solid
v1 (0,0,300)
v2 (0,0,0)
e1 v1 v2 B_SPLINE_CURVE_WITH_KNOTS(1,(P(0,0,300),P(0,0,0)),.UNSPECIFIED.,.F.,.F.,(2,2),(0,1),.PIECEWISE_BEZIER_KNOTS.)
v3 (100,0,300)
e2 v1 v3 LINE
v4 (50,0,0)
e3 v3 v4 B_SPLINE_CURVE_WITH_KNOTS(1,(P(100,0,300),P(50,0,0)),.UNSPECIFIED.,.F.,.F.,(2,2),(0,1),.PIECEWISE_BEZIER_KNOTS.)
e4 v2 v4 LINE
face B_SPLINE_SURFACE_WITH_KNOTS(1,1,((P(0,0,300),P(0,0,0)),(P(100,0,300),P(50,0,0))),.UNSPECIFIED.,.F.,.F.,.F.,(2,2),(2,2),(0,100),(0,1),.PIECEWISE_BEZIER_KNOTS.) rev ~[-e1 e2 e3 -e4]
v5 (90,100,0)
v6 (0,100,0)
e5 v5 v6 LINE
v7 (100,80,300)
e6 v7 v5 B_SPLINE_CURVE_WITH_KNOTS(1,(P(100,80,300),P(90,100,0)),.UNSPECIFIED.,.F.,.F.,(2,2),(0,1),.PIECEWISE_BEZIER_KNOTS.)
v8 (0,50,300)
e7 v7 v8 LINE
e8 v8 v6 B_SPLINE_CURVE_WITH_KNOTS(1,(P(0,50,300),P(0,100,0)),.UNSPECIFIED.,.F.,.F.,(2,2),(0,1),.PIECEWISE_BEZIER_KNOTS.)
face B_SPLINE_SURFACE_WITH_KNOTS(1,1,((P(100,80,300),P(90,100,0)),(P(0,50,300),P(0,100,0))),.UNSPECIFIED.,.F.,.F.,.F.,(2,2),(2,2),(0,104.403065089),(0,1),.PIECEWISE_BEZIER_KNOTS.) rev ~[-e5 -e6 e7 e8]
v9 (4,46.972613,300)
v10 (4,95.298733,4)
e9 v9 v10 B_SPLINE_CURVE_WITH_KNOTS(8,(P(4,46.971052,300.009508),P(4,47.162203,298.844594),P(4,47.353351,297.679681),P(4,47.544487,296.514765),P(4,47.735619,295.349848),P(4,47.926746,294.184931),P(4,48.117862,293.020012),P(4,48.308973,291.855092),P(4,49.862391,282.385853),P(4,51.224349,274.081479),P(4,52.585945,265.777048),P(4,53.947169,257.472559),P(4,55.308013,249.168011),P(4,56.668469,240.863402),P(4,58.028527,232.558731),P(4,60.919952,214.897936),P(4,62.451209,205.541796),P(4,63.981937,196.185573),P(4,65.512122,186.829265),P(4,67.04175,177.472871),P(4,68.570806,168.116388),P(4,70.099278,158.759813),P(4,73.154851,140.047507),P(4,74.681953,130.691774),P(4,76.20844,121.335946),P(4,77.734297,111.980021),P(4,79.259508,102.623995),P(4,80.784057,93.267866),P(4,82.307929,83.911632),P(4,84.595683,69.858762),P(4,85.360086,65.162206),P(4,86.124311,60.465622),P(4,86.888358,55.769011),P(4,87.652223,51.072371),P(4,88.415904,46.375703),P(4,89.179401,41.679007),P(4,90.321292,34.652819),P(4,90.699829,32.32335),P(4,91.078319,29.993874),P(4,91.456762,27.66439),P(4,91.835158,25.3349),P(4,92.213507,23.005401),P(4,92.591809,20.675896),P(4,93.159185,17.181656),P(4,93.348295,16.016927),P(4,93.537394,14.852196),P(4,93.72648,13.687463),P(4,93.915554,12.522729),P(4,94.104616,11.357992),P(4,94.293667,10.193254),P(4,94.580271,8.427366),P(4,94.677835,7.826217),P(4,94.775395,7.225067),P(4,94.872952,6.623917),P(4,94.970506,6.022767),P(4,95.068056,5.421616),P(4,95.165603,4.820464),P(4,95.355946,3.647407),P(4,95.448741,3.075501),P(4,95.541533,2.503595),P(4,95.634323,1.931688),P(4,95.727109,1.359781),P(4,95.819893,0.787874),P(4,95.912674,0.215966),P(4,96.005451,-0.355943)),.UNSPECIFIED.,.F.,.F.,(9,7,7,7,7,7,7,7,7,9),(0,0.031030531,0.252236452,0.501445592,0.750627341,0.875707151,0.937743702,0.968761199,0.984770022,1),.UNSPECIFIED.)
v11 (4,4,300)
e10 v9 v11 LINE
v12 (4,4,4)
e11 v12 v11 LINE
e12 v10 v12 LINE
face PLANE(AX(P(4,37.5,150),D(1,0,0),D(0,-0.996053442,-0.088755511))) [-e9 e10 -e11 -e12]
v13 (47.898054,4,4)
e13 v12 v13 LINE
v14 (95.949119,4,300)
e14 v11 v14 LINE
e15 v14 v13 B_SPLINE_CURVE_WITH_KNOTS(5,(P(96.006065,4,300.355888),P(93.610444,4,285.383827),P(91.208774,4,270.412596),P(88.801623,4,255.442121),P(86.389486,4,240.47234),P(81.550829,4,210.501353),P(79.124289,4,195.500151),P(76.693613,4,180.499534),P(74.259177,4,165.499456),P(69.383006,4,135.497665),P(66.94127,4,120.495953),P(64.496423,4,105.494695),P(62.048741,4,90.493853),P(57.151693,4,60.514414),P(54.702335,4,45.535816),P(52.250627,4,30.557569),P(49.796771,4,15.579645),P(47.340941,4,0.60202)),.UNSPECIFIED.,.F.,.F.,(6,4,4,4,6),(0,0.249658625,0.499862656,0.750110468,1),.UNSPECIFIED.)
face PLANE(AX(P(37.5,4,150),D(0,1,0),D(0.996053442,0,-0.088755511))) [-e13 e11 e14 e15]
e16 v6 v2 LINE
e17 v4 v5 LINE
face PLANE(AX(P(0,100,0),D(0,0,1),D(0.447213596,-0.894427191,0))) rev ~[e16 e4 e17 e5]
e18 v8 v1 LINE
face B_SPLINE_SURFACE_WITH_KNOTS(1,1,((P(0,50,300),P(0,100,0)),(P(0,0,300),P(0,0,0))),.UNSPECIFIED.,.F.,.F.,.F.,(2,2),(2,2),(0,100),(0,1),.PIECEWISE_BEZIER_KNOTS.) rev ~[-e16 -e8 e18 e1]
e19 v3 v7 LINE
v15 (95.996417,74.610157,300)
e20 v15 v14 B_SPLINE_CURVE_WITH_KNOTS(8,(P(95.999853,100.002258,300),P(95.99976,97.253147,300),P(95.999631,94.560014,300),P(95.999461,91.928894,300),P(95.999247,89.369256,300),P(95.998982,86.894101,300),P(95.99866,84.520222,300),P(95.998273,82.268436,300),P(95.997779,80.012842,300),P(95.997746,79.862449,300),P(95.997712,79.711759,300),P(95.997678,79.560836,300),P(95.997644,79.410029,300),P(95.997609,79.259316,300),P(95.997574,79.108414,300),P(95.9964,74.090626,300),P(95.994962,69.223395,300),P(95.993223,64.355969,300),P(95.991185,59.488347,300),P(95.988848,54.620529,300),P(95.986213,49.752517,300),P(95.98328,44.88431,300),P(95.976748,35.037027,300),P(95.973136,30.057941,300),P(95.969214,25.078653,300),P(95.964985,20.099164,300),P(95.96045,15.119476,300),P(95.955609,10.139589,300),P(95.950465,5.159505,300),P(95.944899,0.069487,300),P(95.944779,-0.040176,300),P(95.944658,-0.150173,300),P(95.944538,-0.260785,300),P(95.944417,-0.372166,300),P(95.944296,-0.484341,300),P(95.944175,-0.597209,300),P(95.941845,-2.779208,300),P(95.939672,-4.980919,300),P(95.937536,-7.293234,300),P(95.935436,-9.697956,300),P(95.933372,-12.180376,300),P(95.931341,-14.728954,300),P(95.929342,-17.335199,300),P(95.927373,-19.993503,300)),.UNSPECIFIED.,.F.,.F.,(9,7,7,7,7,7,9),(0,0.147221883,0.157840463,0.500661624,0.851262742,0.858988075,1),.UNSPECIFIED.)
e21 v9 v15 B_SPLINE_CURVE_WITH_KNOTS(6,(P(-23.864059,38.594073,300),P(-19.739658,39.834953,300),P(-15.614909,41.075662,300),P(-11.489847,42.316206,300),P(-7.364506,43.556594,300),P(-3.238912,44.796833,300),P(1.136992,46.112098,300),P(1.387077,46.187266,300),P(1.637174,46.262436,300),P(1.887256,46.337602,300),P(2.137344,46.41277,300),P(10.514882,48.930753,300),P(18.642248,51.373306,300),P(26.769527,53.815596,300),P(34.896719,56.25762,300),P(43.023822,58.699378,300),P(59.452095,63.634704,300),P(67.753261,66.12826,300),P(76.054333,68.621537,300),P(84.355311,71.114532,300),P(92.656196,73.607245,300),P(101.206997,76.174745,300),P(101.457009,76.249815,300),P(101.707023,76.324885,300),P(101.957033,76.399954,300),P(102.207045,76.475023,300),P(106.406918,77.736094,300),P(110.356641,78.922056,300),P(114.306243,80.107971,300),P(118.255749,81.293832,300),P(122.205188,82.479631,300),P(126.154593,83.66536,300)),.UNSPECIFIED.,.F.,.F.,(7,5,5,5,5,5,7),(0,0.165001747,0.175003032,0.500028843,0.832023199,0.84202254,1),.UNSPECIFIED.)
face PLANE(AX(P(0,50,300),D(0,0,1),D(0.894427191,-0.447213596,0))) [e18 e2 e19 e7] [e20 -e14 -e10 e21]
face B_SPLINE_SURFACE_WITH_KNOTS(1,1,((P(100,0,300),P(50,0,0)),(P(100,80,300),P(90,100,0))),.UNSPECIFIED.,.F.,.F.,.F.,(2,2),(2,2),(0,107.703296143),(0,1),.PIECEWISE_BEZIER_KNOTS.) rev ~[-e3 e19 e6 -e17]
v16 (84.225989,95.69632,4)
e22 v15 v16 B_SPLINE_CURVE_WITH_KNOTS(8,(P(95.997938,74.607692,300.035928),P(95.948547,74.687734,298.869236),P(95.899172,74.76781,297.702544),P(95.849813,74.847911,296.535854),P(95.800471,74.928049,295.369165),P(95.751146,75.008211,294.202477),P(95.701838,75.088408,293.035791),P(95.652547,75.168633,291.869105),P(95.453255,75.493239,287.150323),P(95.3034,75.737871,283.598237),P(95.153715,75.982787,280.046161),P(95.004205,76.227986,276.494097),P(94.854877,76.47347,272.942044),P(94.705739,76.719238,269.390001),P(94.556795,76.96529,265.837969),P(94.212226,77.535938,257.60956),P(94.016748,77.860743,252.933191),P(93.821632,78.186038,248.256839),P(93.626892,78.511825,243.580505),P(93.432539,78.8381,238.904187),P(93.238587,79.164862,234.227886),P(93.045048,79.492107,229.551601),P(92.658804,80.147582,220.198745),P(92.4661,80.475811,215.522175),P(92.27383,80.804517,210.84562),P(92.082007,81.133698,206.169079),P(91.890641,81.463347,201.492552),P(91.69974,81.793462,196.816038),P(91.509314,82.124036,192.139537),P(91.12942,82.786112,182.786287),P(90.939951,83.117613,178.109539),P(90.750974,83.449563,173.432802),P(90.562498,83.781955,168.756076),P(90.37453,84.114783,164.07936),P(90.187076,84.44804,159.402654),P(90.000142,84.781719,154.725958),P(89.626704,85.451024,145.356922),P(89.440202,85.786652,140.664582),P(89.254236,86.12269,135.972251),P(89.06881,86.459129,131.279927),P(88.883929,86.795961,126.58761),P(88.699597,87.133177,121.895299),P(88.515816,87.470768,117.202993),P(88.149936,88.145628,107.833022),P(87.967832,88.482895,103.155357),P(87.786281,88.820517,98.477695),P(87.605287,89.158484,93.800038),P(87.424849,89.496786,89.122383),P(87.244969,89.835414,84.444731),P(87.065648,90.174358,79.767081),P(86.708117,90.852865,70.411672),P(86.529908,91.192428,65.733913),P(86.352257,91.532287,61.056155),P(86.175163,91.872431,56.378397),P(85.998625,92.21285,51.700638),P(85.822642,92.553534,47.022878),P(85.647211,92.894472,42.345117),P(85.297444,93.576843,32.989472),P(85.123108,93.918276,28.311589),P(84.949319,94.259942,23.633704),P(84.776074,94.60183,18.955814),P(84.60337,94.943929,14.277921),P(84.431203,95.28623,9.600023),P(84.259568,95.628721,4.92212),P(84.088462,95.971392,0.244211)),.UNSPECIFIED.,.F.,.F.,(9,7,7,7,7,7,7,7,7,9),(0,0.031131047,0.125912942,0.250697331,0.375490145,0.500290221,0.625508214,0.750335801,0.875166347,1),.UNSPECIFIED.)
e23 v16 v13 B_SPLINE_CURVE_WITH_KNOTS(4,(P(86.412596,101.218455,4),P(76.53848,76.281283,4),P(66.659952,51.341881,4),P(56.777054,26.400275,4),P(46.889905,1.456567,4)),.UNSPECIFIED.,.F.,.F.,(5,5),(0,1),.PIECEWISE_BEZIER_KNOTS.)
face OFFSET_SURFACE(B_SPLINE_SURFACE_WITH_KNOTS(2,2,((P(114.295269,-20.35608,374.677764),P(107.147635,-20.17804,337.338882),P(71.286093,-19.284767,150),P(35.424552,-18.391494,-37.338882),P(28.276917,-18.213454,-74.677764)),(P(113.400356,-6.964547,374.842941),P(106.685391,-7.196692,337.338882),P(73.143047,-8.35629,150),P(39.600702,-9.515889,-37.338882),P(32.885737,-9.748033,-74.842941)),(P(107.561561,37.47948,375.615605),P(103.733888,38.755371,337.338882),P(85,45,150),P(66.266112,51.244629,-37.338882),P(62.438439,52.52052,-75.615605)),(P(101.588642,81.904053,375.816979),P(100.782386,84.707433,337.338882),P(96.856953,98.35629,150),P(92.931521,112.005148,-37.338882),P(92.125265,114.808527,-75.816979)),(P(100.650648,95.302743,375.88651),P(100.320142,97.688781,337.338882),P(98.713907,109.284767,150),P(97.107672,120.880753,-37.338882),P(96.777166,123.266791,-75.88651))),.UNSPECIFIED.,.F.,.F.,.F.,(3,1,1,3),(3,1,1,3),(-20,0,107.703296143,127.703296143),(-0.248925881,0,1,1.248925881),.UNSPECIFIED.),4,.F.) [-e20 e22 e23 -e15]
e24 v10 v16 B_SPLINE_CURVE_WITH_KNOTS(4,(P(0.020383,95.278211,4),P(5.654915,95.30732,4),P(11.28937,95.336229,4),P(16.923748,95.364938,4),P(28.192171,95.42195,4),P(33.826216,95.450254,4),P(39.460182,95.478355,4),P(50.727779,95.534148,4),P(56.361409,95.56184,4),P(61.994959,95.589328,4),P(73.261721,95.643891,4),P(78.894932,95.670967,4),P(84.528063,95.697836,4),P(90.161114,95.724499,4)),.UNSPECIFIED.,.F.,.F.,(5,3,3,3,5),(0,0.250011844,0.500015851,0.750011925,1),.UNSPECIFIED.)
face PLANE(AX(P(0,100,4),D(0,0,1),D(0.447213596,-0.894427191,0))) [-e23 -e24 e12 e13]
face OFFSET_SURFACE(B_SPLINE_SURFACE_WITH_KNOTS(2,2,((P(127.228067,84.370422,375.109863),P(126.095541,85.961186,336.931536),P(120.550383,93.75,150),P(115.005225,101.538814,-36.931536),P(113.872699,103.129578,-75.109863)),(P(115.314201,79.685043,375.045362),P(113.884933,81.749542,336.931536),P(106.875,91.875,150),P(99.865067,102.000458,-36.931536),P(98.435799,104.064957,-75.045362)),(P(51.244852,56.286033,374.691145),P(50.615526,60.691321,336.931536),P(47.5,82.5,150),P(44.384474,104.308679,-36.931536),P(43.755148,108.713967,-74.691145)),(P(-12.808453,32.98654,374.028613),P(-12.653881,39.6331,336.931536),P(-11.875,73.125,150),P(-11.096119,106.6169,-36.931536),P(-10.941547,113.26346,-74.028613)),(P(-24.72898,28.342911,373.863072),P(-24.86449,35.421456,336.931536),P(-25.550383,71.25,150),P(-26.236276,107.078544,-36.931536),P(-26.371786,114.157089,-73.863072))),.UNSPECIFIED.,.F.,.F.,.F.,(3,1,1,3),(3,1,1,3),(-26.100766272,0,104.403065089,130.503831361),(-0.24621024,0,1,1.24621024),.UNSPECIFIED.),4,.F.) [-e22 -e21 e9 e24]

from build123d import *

# Parameters (mm, degrees)
F4_T = -4


with BuildPart() as f3:
    # F2 (on offset) → F3 section 0
    with BuildSketch(Plane.XY.offset(300)):
        Polygon((0, 50), (0, 0), (100, 0), (100, 80), align=None)
    # F0 (on Top) → F3 section 1
    with BuildSketch(Plane.XY):
        Polygon((0, 100), (0, 0), (50, 0), (90, 100), align=None)
    loft()

    # F4
    f4_openings = [f3.faces().sort_by_distance(p)[0] for p in [
        (53.846154, 33.076923, 300),
    ]]
    offset(amount=F4_T, openings=f4_openings)


solid = f3.part
